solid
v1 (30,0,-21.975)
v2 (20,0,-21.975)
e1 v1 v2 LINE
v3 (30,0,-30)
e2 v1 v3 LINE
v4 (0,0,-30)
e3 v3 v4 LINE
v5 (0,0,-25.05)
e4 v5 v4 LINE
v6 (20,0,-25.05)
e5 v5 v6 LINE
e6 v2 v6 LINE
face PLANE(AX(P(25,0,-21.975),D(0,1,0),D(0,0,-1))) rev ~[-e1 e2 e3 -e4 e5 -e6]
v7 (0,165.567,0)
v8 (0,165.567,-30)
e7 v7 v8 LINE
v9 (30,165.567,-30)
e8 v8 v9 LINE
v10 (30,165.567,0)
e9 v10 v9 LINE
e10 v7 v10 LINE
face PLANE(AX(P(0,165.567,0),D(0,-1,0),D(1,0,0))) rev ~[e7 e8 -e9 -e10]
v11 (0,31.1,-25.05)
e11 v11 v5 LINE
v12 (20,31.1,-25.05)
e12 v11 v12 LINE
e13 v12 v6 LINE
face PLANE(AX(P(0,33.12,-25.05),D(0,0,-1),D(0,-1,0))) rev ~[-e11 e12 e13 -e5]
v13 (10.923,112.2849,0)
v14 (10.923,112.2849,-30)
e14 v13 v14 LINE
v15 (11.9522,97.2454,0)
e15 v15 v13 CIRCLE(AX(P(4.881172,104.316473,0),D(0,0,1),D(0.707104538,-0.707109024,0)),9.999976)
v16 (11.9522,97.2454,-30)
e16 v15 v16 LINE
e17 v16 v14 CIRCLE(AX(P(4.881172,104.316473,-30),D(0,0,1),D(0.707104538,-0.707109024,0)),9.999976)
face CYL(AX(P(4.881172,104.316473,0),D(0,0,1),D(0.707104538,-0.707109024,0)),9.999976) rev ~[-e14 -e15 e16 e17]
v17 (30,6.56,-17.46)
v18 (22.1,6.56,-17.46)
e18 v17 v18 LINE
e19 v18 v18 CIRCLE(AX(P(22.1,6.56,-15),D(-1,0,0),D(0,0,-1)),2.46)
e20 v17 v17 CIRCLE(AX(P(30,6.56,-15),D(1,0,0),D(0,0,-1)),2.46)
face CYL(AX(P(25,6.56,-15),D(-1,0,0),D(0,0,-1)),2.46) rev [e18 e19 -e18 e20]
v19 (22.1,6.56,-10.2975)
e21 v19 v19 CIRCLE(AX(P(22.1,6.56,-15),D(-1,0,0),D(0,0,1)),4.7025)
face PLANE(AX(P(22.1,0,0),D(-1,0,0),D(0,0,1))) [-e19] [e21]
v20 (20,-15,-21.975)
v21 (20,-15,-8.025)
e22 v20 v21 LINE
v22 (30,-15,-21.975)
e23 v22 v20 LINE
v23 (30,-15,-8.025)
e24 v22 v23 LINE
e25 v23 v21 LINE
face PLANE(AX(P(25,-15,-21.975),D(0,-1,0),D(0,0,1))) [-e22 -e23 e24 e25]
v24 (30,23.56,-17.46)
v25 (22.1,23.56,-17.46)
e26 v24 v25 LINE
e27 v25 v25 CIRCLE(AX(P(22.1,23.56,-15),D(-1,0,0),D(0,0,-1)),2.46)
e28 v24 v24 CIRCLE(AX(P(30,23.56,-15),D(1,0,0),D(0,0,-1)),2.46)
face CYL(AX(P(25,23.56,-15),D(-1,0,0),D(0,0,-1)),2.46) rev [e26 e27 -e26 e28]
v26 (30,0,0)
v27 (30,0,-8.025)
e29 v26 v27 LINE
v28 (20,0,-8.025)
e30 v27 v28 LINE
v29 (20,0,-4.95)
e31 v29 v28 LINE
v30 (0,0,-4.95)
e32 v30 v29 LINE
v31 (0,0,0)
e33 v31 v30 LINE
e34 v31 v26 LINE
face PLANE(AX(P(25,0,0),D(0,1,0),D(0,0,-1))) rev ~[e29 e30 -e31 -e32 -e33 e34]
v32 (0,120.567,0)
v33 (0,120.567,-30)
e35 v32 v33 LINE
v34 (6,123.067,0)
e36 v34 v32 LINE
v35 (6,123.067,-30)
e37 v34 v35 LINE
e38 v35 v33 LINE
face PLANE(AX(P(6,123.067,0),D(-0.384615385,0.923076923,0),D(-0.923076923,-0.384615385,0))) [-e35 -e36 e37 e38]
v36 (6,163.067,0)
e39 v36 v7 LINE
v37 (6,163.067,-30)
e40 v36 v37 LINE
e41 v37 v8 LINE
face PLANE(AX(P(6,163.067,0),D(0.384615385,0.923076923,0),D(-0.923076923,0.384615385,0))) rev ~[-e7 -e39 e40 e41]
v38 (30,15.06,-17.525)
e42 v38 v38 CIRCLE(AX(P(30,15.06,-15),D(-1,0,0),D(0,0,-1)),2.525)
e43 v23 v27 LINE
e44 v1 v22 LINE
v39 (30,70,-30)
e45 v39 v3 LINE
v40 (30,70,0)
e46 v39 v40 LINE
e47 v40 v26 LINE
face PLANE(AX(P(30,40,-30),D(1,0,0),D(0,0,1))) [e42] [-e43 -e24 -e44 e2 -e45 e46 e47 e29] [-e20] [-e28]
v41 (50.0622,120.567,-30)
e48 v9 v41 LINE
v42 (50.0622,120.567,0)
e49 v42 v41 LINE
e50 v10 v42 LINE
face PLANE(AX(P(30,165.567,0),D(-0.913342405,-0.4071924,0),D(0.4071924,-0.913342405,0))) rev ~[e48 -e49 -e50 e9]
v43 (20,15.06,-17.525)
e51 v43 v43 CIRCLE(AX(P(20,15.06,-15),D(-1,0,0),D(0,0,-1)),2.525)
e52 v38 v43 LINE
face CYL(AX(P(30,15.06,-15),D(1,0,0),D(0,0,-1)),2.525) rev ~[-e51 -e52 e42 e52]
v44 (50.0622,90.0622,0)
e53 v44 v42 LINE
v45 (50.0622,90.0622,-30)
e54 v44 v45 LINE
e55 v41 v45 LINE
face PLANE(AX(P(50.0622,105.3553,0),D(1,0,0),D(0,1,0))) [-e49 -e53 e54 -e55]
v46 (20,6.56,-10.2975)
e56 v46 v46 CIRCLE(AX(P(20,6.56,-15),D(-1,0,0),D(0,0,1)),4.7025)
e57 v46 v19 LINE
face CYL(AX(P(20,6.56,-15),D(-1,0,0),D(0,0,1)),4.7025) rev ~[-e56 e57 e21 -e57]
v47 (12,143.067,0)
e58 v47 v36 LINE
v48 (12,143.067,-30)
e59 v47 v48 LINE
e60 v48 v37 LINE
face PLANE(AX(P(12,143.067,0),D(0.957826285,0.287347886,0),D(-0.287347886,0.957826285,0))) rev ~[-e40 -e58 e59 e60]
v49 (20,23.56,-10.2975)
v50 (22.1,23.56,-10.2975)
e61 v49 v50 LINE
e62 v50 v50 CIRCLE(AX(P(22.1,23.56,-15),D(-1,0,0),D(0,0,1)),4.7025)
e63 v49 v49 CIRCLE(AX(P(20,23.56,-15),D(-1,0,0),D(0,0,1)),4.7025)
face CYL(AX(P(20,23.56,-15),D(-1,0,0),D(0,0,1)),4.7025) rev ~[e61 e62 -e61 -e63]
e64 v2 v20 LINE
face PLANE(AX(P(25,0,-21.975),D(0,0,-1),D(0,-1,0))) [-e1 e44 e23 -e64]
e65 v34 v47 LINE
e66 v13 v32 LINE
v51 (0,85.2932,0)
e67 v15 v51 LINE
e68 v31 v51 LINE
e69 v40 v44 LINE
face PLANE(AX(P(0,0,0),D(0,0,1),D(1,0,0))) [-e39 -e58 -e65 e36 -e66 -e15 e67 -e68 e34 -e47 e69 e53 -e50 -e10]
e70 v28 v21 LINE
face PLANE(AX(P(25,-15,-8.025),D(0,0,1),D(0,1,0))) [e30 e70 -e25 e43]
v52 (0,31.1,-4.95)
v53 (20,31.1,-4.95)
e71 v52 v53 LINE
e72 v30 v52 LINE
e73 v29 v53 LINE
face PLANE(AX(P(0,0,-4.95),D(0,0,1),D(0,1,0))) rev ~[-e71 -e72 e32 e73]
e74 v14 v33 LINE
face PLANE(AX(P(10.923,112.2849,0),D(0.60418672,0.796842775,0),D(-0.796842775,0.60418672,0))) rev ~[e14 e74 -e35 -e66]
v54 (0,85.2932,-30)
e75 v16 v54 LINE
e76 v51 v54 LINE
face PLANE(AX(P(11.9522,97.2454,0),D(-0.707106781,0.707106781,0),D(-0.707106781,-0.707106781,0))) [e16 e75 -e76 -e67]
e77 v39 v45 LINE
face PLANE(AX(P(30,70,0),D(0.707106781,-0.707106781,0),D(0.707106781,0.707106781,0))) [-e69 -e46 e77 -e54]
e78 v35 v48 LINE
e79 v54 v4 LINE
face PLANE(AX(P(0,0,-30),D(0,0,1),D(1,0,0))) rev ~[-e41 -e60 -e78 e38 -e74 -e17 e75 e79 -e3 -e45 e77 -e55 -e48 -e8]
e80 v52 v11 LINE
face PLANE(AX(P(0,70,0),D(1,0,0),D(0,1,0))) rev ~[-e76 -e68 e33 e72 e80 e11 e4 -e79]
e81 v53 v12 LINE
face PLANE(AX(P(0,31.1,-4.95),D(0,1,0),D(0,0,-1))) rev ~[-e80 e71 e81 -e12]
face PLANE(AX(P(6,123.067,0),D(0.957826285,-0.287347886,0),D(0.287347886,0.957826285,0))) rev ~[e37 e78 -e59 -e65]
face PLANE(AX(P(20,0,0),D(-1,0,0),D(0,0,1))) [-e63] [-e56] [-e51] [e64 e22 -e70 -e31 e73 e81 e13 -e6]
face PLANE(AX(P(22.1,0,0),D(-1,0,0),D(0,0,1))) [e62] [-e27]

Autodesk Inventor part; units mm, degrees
ref_plane "YZ Plane" through (0, 0, 0) normal (1, 0, 0) x (0, 1, 0)
ref_plane "XZ Plane" through (0, 0, 0) normal (0, 1, 0) x (-1, 0, 0)
ref_plane "XY Plane" through (0, 0, 0) normal (0, 0, 1) x (1, 0, 0)
sketch "Sketch1" plane through (0, 0, 0) normal (0, 0, 1) x (1, 0, 0)
  line L0 (0, 0) -> (25, 0)
  line L1 (25, 0) -> (25, 40)
  line L2 (25, 40) -> (0, 40)
  line L3 (0, 40) -> (0, 0)
  dimension "d1" = 25
  dimension "d2" = 40
  dimension "d3" = 25
extrude "Extrusion1" add sketch "Sketch1" against normal blind 30
sketch "Sketch2" plane through (25, 0, 0) normal (1, 0, 0) x (0, 0, -1)
  line L0 (0, 0) -> (30, 0) projected
  circle A0 centre (15, 6.56) radius 2.46
extrude "Extrusion2" cut sketch "Sketch2" against normal blind 30
sketch "Sketch3" plane through (0, 0, 0) normal (-1, 0, 0) x (0, 0, 1)
  line L0 (0, 0) -> (-30, 0) projected
  line L1 (-25.05, 0) -> (-4.95, 0)
  line L2 (-4.95, 0) -> (-4.95, 33.12)
  line L3 (-4.95, 33.12) -> (-25.05, 33.12)
  line L4 (-25.05, 33.12) -> (-25.05, 0)
  dimension "d11" = 20.1
extrude "Extrusion3" cut sketch "Sketch3" against normal blind 20
sketch "Sketch4" plane through (0, 0, 0) normal (0, -1, 0) x (1, 0, 0)
  line L0 (20, -4.95) -> (20, -25.05) projected
  line L1 (20, -15) -> (25, -15)
  line L2 (25, 0) -> (25, -30) projected
  line L3 (20, -8.025) -> (25, -8.025)
  line L4 (25, -8.025) -> (25, -21.975)
  line L5 (25, -21.975) -> (20, -21.975)
  line L6 (20, -21.975) -> (20, -8.025)
  line L7 (20, -8.025) -> (25, -21.975) construction
  line L8 (25, -8.025) -> (20, -21.975) construction
  line L9 (25, -12.54) -> (25, -17.46) projected
  point P0 (0, 0)
  point P1 (22.5, -15)
  dimension "d14" = 13.95
extrude "Extrusion4" add sketch "Sketch4" along normal blind 15
sketch "Sketch5" plane through (20, 0, 0) normal (-1, 0, 0) x (0, 0, 1)
  circle A0 centre (-15, 6.56) radius 2.46 projected
  circle A1 centre (-15, 6.56) radius 4.7025
  circle A2 centre (-15, 6.56) radius 2.46 projected
  circle A3 centre (-15, 6.56) radius 2.46
  point P0 (0, 0)
  dimension "d17" = 9.405
extrude "Extrusion5" cut sketch "Sketch5" against normal blind 2.1
sketch "Sketch6" plane through (25, 0, 0) normal (1, 0, 0) x (0, 0, -1)
  circle A0 centre (15, 6.56) radius 4.7025 projected
  line L0 (15, 6.56) -> (15, 23.56)
  circle A1 centre (15, 23.56) radius 2.46
  point P0 (0, 0)
  dimension "d20" = 17
  dimension "d21" = 4.92
extrude "Extrusion6" cut sketch "Sketch6" against normal blind 10 contours A1
sketch "Sketch7" plane through (20, 0, 0) normal (-1, 0, 0) x (0, 0, 1)
  circle A0 centre (-15, 23.56) radius 2.46 projected
  circle A1 centre (-15, 23.56) radius 4.7025
  point P0 (0, 0)
  dimension "d24" = 9.405
extrude "Extrusion7" cut sketch "Sketch7" against normal blind 2.1
sketch "Sketch9" plane through (25, 0, 0) normal (1, 0, 0) x (0, 0, -1)
  circle A0 centre (15, 6.56) radius 2.46 projected
  circle A1 centre (15, 6.56) radius 2.46
  circle A2 centre (15, 23.56) radius 2.46 projected
  circle A3 centre (15, 23.56) radius 2.46
  line L0 (30, 40) -> (30, 0) projected
  line L1 (30, 0) -> (30, 40)
  line L2 (30, 40) -> (0, 40)
  line L3 (0, 40) -> (0, 0)
  line L4 (0, 0) -> (8.025, 0) projected
  line L5 (21.975, 0) -> (21.975, -15)
  line L6 (21.975, -15) -> (8.025, -15)
  line L7 (8.025, -15) -> (8.025, 0)
  line L8 (0, 0) -> (8.025, 0)
  line L9 (21.975, 0) -> (30, 0)
extrude "Extrusion8" add sketch "Sketch9" along normal blind 5
sketch "Sketch10" plane through (0, 40, 0) normal (0, 1, 0) x (1, 0, 0)
  line L0 (0, 30) -> (30, 30) projected
  line L1 (30, 0) -> (0, 0) projected
  line L2 (0, 30) -> (30, 30)
  line L3 (30, 30) -> (30, 0)
  line L4 (30, 0) -> (0, 0)
  line L5 (0, 0) -> (0, 30)
extrude "Extrusion9" add sketch "Sketch10" along normal blind 30
sketch "Sketch12" plane through (30, 0, 0) normal (1, 0, 0) x (0, 0, -1)
  circle A0 centre (15, 6.56) radius 2.46 projected
  line L0 (15, 6.56) -> (15, 15.06)
  circle A1 centre (15, 15.06) radius 2.525
  point P0 (0, 0)
  dimension "d31" = 8.5
  dimension "d33" = 5.05
extrude "Extrusion10" cut sketch "Sketch12" against normal blind 30 contours A1
sketch "Sketch15" plane through (0, 0, -25.05) normal (-1, 0, 0) x (0, 0, 1)
  line L0 (0, 33.12) -> (20.1, 33.12) projected
  line L1 (20.1, 33.12) -> (20.1, 0) projected
  line L2 (0, 33.12) -> (20.1, 33.12)
  line L3 (20.1, 33.12) -> (20.1, 31.1)
  line L4 (20.1, 31.1) -> (0, 31.1)
  line L5 (0, 31.1) -> (0, 33.12)
  point P0 (25.05, 0)
  dimension "d57" = 2.02
extrude "Extrusion13" add sketch "Sketch15" against normal blind 20
sketch "Sketch17" plane through (0, 0, 0) normal (0, 0, 1) x (1, 0, 0)
  line L0 (0, 70) -> (30, 70) projected
  line L1 (30, 70) -> (50.0622, 90.0622)
  line L2 (30, 70) -> (80, 70) construction
  line L3 (11.9522, 97.2454) -> (0, 85.2932)
  line L4 (0, 70) -> (0, 85.2932)
  line L5 (0, 70) -> (0, 0) projected
  line L6 (0, 70) -> (30, 70)
  line L7 (10.923, 112.2849) -> (0, 120.567)
  line L8 (50.0622, 105.3553) -> (50.0622, 120.567)
  line L9 (50.0622, 105.3553) -> (50.0622, 90.0622)
  arc A0 (11.9522, 97.2454) -> (10.923, 112.2849) centre (4.8811, 104.3165) ccw
  line L10 (0, 165.567) -> (30, 165.567)
  line L11 (30, 165.567) -> (50.0622, 120.567)
  line L12 (6, 163.067) -> (0, 165.567)
  line L13 (6, 123.067) -> (0, 120.567)
  line L14 (6, 123.067) -> (12, 143.067)
  line L15 (12, 143.067) -> (6, 163.067)
  dimension "d61" = 45
  dimension "d62" = 32.0271
  dimension "d72" = 10
extrude "Extrusion14" add sketch "Sketch17" against normal blind 30
properties part number "rec_c_40mm_x_30mm"
